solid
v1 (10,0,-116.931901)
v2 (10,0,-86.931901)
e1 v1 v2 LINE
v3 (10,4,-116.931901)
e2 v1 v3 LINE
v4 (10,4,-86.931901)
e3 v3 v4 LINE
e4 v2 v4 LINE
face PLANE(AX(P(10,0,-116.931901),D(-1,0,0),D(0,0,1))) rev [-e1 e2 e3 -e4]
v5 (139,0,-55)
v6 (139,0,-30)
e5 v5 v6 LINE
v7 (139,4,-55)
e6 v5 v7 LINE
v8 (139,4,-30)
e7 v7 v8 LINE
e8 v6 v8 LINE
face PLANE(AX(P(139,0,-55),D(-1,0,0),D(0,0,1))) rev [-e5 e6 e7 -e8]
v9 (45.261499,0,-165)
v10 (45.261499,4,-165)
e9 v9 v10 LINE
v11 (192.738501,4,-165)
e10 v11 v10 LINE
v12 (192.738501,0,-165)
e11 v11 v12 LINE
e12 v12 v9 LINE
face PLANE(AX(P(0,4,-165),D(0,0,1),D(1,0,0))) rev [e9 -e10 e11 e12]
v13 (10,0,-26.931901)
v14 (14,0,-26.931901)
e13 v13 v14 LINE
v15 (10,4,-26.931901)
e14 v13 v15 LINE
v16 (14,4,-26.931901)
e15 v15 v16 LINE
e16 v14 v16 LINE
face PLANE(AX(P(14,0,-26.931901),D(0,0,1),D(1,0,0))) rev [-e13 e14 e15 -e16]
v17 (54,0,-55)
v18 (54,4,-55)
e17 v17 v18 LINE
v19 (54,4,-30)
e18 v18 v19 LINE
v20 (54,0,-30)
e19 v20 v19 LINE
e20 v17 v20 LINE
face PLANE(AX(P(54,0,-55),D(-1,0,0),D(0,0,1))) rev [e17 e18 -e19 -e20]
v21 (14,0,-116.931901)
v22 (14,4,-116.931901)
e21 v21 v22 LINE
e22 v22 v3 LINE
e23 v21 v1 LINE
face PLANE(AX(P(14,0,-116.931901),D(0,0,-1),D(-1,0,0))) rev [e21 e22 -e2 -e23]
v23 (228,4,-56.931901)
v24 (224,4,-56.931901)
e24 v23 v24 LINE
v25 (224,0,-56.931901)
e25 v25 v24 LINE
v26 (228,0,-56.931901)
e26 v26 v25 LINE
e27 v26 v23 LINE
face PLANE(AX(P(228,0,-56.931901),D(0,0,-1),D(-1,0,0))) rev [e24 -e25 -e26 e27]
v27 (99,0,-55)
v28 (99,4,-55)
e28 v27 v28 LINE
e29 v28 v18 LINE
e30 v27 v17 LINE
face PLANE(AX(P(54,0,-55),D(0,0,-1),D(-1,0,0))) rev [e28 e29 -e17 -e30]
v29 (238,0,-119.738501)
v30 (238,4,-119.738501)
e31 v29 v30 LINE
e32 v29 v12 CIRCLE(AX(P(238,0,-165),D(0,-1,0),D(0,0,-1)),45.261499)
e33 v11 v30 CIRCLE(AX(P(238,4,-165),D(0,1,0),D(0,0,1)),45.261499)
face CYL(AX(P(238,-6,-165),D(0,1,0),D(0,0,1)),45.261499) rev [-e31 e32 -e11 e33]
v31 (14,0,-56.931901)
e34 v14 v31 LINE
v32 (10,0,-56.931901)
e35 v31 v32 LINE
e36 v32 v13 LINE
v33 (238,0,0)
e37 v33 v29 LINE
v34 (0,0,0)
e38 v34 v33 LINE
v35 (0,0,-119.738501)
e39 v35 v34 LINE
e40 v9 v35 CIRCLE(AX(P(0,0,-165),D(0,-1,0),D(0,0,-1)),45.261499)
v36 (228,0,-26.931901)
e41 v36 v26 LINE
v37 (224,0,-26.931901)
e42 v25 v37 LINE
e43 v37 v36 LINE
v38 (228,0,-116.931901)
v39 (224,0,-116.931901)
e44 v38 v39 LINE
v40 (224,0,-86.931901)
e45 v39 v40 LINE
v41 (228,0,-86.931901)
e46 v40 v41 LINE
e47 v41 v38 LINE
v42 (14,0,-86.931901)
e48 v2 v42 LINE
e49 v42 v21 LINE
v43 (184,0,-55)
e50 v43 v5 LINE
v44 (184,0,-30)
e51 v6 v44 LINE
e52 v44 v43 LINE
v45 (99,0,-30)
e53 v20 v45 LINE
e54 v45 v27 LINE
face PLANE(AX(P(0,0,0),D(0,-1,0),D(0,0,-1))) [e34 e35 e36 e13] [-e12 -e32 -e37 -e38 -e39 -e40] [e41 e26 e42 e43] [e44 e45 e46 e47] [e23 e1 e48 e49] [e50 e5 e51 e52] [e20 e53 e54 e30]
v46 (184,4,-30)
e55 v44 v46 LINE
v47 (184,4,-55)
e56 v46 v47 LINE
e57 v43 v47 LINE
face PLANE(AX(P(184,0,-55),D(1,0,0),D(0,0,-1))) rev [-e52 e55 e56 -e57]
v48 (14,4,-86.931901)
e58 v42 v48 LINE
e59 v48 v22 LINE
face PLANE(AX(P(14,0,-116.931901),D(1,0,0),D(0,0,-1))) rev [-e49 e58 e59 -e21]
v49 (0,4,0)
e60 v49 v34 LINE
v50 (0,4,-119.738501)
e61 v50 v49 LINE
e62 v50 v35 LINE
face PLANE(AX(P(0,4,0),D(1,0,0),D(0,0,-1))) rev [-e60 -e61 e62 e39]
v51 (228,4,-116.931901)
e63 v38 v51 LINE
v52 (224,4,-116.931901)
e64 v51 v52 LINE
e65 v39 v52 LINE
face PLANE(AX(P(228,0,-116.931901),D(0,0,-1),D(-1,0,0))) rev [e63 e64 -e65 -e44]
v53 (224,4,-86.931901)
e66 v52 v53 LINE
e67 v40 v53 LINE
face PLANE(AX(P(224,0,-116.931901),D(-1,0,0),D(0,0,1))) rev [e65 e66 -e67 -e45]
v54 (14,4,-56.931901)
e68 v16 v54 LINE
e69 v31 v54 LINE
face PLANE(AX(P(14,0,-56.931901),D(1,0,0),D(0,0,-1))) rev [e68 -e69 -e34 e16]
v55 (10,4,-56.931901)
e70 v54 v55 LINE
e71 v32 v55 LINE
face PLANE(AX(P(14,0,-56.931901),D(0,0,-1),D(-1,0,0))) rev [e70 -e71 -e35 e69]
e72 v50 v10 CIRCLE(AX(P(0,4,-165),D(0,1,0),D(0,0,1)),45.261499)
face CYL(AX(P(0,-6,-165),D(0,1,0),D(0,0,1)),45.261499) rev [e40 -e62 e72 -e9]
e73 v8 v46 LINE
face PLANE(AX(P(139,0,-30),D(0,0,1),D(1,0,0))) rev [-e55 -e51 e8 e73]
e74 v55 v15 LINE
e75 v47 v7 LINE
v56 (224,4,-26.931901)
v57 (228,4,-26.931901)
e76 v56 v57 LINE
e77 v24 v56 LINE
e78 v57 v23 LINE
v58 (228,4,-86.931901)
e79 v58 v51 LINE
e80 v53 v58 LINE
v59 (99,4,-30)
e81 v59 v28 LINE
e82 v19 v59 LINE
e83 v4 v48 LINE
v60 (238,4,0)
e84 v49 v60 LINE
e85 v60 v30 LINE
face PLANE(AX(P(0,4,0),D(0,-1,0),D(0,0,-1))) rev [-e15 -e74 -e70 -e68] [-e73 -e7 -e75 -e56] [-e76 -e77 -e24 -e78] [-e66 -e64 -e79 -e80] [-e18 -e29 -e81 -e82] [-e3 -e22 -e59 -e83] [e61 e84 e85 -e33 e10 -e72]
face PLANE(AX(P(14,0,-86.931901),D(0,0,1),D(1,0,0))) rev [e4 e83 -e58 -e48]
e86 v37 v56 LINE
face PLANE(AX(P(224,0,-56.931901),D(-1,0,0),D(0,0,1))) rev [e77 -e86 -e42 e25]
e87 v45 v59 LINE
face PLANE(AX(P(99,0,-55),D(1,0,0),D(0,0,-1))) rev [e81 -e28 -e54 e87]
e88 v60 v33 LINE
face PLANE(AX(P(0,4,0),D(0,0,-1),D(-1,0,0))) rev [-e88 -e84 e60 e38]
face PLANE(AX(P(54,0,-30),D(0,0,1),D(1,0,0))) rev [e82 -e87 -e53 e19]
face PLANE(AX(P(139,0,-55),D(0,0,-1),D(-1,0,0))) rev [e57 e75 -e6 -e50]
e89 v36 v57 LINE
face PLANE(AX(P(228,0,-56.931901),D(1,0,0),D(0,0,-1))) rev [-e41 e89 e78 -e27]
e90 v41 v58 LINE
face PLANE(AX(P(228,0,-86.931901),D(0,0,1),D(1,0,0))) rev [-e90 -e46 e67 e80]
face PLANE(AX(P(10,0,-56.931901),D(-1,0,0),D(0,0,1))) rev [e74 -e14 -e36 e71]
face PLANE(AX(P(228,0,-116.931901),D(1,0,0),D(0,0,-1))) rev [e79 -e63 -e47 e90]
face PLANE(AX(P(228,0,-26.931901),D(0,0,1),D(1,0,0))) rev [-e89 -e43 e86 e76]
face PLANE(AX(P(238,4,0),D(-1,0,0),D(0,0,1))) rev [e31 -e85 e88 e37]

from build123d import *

# Parameters (mm, degrees)
SKETCH2_W           = 238
SKETCH2_H           = 165
BOSS_EXTRUDE1_DEPTH = 4
SKETCH3_W           = 4
SKETCH3_H           = 30
CUT_EXTRUDE1_DEPTH  = 290.629073126
SKETCH5_R           = 45.261498606
CUT_EXTRUDE3_DEPTH  = 10
SKETCH8_W           = 45
SKETCH8_H           = 25
CUT_EXTRUDE4_DEPTH  = 290.629073126


with BuildPart() as part:
    # Sketch2 → Boss-Extrude1 (new body)
    with BuildSketch(Plane(origin=(0, 0, 0), x_dir=(1, 0, 0), z_dir=(0, 1, 0))):
        with Locations((119, 82.5)):
            Rectangle(SKETCH2_W, SKETCH2_H)
    extrude(amount=BOSS_EXTRUDE1_DEPTH)

    # Sketch3 → Cut-Extrude1 (cut, through all)
    with BuildSketch(Plane(origin=(0, 4, 0), x_dir=(1, 0, 0), z_dir=(0, 1, 0))):
        with Locations((226, 101.931901068)):
            Rectangle(SKETCH3_W, SKETCH3_H)
        with Locations((226, 41.931901068)):
            Rectangle(SKETCH3_W, SKETCH3_H)
        with Locations((12, 101.931901068)):
            Rectangle(SKETCH3_W, SKETCH3_H)
        with Locations((12, 41.931901068)):
            Rectangle(SKETCH3_W, SKETCH3_H)
    extrude(amount=-CUT_EXTRUDE1_DEPTH, mode=Mode.SUBTRACT)

    # Sketch5 → Cut-Extrude3 (cut)
    with BuildSketch(Plane(origin=(0, 4, 0), x_dir=(1, 0, 0), z_dir=(0, 1, 0))):
        with Locations((238, 165)):
            Circle(SKETCH5_R)
        with Locations((0, 165)):
            Circle(SKETCH5_R)
    extrude(amount=-CUT_EXTRUDE3_DEPTH, mode=Mode.SUBTRACT)

    # Sketch8 → Cut-Extrude4 (cut, through all)
    with BuildSketch(Plane(origin=(0, 4, 0), x_dir=(1, 0, 0), z_dir=(0, 1, 0))):
        with Locations((76.5, 42.5)):
            Rectangle(SKETCH8_W, SKETCH8_H)
        with Locations((161.5, 42.5)):
            Rectangle(SKETCH8_W, SKETCH8_H)
    extrude(amount=-CUT_EXTRUDE4_DEPTH, mode=Mode.SUBTRACT)


solid = part.part
